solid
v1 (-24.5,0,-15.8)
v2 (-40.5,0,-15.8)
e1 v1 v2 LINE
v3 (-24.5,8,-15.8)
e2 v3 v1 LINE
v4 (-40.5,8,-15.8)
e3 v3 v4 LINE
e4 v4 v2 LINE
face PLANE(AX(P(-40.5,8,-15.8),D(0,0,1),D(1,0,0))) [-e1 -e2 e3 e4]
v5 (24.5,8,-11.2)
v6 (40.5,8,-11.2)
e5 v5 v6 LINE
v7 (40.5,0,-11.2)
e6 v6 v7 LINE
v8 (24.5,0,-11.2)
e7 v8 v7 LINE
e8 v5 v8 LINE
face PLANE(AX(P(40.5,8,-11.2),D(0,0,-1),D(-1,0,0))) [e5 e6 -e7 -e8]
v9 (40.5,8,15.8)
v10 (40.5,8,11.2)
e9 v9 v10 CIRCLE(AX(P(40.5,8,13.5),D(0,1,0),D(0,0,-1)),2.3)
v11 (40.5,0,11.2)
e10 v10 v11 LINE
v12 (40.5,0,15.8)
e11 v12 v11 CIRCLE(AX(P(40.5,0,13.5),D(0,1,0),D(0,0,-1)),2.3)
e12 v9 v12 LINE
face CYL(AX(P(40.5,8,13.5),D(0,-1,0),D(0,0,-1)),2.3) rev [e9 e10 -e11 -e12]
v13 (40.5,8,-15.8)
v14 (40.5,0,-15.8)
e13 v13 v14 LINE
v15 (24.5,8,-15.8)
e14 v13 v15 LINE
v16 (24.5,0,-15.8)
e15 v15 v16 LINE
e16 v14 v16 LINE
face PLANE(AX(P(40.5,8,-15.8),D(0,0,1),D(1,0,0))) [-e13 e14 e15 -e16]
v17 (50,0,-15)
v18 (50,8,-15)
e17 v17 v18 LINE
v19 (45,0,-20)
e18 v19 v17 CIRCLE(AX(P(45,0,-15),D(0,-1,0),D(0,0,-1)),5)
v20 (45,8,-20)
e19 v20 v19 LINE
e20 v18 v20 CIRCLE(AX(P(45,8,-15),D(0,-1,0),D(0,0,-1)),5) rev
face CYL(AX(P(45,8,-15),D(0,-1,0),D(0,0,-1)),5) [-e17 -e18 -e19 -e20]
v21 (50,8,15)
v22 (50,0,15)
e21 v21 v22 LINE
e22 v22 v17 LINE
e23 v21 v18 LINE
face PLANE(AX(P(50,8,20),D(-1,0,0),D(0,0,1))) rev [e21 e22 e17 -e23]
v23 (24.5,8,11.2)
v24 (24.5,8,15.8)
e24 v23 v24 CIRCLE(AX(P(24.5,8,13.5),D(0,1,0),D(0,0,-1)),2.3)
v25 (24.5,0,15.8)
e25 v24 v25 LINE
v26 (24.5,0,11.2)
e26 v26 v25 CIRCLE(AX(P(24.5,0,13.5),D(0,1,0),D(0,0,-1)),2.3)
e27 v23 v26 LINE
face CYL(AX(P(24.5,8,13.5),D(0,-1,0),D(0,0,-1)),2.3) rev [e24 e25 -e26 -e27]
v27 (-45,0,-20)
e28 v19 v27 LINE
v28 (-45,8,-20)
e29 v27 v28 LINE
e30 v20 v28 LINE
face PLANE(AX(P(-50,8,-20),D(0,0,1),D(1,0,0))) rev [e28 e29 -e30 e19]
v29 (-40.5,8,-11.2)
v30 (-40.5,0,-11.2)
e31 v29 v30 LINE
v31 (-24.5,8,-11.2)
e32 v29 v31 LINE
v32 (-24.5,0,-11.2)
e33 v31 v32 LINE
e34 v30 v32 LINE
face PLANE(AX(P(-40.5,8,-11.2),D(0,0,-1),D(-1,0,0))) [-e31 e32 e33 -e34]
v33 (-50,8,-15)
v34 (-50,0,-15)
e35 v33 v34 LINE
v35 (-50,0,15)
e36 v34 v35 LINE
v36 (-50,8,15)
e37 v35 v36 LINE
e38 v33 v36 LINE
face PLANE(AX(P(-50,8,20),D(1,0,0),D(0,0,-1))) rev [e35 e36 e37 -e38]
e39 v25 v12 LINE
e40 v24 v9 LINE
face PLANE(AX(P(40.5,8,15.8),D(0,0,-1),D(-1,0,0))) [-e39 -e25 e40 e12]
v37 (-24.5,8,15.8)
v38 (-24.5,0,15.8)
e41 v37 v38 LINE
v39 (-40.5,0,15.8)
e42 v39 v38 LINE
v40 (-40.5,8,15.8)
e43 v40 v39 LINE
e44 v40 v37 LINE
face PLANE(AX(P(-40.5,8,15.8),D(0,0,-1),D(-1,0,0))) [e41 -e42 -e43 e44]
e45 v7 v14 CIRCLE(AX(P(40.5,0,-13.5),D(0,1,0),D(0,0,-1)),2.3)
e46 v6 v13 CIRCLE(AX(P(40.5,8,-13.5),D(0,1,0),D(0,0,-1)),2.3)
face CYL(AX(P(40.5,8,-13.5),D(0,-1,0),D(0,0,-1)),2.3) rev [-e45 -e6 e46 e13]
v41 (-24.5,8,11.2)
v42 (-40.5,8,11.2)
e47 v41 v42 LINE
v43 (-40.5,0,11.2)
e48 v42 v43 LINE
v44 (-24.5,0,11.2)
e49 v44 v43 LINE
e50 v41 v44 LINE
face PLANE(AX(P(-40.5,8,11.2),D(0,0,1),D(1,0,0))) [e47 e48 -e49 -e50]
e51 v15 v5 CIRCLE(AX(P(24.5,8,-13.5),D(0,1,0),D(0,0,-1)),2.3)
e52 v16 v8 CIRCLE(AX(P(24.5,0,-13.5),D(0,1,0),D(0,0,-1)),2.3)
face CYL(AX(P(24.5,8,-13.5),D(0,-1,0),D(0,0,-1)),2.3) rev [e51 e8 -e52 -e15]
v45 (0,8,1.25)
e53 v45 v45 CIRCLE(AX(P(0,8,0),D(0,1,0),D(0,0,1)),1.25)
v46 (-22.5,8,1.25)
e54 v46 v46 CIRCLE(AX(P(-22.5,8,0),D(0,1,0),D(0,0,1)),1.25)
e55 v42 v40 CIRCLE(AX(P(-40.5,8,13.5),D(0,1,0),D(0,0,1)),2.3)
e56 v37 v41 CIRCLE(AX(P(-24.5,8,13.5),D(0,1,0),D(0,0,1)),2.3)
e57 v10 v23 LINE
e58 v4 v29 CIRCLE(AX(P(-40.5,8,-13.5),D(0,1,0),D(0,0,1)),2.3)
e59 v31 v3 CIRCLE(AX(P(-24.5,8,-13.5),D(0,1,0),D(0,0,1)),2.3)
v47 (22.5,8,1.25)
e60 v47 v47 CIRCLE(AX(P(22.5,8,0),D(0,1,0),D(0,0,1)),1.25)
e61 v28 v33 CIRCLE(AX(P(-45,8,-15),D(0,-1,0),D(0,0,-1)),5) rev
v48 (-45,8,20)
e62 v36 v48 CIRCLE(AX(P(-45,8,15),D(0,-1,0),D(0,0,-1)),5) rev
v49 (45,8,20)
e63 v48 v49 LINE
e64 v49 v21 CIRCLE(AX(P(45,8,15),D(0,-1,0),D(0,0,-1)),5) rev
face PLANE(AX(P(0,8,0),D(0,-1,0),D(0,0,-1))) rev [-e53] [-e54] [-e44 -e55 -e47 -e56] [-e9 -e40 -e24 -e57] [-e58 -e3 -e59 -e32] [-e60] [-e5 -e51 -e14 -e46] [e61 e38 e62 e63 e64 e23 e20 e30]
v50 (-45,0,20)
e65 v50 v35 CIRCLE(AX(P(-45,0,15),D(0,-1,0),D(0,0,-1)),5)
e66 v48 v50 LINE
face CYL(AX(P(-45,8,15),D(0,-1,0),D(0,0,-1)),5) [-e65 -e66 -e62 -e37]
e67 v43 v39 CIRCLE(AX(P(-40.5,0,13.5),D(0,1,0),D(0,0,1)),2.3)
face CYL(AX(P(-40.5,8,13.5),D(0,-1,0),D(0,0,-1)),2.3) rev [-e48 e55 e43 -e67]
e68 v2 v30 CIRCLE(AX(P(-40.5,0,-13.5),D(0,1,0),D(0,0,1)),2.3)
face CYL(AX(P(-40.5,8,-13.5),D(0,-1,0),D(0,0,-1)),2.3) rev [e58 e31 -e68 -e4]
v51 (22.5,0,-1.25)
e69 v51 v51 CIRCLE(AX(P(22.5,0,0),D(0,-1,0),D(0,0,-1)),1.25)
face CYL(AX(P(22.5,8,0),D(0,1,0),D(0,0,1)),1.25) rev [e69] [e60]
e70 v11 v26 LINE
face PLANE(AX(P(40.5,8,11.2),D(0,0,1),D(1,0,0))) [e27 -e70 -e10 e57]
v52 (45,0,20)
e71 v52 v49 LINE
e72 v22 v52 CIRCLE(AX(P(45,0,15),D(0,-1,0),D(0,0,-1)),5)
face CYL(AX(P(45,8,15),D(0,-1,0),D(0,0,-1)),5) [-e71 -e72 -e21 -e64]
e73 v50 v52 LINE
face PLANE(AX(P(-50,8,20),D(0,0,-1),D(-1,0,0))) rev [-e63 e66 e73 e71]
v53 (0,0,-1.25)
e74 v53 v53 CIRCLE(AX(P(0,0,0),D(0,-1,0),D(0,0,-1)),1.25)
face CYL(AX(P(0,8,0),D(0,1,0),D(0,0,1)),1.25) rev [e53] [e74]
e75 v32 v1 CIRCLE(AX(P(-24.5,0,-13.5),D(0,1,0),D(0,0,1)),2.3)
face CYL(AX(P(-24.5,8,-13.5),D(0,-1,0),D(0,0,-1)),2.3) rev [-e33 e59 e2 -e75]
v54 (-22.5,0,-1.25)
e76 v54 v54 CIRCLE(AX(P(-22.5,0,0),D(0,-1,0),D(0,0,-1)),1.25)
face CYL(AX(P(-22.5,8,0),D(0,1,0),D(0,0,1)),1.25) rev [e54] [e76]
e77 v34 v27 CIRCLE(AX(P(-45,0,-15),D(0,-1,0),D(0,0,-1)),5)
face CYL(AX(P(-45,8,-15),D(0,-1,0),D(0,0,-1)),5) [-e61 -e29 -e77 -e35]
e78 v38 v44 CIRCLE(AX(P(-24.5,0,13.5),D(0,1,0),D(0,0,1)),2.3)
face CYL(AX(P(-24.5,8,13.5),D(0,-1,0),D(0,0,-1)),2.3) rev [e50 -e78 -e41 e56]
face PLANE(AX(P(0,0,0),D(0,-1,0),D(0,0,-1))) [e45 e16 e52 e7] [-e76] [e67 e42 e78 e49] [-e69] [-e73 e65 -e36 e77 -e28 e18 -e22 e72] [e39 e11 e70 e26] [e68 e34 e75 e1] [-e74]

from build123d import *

# Parameters (mm, degrees)
SKETCH_1_W                       = 100
SKETCH_1_H                       = 40
EXTRUDE_1_DEPTH                  = 8
HOLE_WIZARD_M3_2_D               = 2.5
HOLE_WIZARD_M3_2_DEPTH           = 21.5
HOLE_WIZARD_M3_2_TIP             = 0.751075774
HOLE_WIZARD_M3_2_ON_FACE_2_D     = 2.5
HOLE_WIZARD_M3_2_ON_FACE_2_DEPTH = 21.5
HOLE_WIZARD_M3_2_ON_FACE_2_TIP   = 0.751075774
FILLET_1_R                       = 5


with BuildPart() as part:
    # 草图1 → 凸台-拉伸1 (new body)
    with BuildSketch(Plane(origin=(0, 0, 0), x_dir=(1, 0, 0), z_dir=(0, 1, 0))):
        Rectangle(SKETCH_1_W, SKETCH_1_H)
        with BuildLine():
            Line((-40.5, 15.8), (-24.5, 15.8))
            ThreePointArc((-24.5, 15.8), (-22.2, 13.5), (-24.5, 11.2))
            Line((-24.5, 11.2), (-40.5, 11.2))
            ThreePointArc((-40.5, 11.2), (-42.8, 13.5), (-40.5, 15.8))
        make_face(mode=Mode.SUBTRACT)
        with BuildLine():
            Line((-40.5, -11.2), (-24.5, -11.2))
            ThreePointArc((-24.5, -11.2), (-22.2, -13.5), (-24.5, -15.8))
            Line((-24.5, -15.8), (-40.5, -15.8))
            ThreePointArc((-40.5, -15.8), (-42.8, -13.5), (-40.5, -11.2))
        make_face(mode=Mode.SUBTRACT)
        with BuildLine():
            Line((40.5, 15.8), (24.5, 15.8))
            ThreePointArc((24.5, 15.8), (22.2, 13.5), (24.5, 11.2))
            Line((24.5, 11.2), (40.5, 11.2))
            ThreePointArc((40.5, 11.2), (42.8, 13.5), (40.5, 15.8))
        make_face(mode=Mode.SUBTRACT)
        with BuildLine():
            Line((40.5, -11.2), (24.5, -11.2))
            ThreePointArc((24.5, -11.2), (22.2, -13.5), (24.5, -15.8))
            Line((24.5, -15.8), (40.5, -15.8))
            ThreePointArc((40.5, -15.8), (42.8, -13.5), (40.5, -11.2))
        make_face(mode=Mode.SUBTRACT)
    extrude(amount=EXTRUDE_1_DEPTH)

    # M3 螺纹孔2
    with Locations(Plane(origin=(-22.5, 8, 0), x_dir=(0, 0, 1), z_dir=(0, 1, 0))):
        with Locations((0, 0), (0, 45), (0, 22.5)):
            Hole(HOLE_WIZARD_M3_2_D / 2, depth=HOLE_WIZARD_M3_2_DEPTH)
            with Locations((0, 0, -(HOLE_WIZARD_M3_2_DEPTH + HOLE_WIZARD_M3_2_TIP / 2))):  # 118° drill point
                Cone(0, HOLE_WIZARD_M3_2_D / 2, HOLE_WIZARD_M3_2_TIP, mode=Mode.SUBTRACT)

    # M3 螺纹孔2 on face 2
    with Locations(Plane(origin=(0, 0, 0), x_dir=(0, 0, -1), z_dir=(0, -1, 0))):
        with Locations((0, 0)):
            Hole(HOLE_WIZARD_M3_2_ON_FACE_2_D / 2, depth=HOLE_WIZARD_M3_2_ON_FACE_2_DEPTH)
            with Locations((0, 0, -(HOLE_WIZARD_M3_2_ON_FACE_2_DEPTH + HOLE_WIZARD_M3_2_ON_FACE_2_TIP / 2))):  # 118° drill point
                Cone(0, HOLE_WIZARD_M3_2_ON_FACE_2_D / 2, HOLE_WIZARD_M3_2_ON_FACE_2_TIP, mode=Mode.SUBTRACT)

    # 圆角1
    fillet_1_edges = [part.edges().sort_by_distance(p)[0] for p in [
        (50, 4, 20),
        (-50, 4, 20),
        (-50, 4, -20),
        (50, 4, -20),
    ]]
    fillet(fillet_1_edges, radius=FILLET_1_R)


solid = part.part
